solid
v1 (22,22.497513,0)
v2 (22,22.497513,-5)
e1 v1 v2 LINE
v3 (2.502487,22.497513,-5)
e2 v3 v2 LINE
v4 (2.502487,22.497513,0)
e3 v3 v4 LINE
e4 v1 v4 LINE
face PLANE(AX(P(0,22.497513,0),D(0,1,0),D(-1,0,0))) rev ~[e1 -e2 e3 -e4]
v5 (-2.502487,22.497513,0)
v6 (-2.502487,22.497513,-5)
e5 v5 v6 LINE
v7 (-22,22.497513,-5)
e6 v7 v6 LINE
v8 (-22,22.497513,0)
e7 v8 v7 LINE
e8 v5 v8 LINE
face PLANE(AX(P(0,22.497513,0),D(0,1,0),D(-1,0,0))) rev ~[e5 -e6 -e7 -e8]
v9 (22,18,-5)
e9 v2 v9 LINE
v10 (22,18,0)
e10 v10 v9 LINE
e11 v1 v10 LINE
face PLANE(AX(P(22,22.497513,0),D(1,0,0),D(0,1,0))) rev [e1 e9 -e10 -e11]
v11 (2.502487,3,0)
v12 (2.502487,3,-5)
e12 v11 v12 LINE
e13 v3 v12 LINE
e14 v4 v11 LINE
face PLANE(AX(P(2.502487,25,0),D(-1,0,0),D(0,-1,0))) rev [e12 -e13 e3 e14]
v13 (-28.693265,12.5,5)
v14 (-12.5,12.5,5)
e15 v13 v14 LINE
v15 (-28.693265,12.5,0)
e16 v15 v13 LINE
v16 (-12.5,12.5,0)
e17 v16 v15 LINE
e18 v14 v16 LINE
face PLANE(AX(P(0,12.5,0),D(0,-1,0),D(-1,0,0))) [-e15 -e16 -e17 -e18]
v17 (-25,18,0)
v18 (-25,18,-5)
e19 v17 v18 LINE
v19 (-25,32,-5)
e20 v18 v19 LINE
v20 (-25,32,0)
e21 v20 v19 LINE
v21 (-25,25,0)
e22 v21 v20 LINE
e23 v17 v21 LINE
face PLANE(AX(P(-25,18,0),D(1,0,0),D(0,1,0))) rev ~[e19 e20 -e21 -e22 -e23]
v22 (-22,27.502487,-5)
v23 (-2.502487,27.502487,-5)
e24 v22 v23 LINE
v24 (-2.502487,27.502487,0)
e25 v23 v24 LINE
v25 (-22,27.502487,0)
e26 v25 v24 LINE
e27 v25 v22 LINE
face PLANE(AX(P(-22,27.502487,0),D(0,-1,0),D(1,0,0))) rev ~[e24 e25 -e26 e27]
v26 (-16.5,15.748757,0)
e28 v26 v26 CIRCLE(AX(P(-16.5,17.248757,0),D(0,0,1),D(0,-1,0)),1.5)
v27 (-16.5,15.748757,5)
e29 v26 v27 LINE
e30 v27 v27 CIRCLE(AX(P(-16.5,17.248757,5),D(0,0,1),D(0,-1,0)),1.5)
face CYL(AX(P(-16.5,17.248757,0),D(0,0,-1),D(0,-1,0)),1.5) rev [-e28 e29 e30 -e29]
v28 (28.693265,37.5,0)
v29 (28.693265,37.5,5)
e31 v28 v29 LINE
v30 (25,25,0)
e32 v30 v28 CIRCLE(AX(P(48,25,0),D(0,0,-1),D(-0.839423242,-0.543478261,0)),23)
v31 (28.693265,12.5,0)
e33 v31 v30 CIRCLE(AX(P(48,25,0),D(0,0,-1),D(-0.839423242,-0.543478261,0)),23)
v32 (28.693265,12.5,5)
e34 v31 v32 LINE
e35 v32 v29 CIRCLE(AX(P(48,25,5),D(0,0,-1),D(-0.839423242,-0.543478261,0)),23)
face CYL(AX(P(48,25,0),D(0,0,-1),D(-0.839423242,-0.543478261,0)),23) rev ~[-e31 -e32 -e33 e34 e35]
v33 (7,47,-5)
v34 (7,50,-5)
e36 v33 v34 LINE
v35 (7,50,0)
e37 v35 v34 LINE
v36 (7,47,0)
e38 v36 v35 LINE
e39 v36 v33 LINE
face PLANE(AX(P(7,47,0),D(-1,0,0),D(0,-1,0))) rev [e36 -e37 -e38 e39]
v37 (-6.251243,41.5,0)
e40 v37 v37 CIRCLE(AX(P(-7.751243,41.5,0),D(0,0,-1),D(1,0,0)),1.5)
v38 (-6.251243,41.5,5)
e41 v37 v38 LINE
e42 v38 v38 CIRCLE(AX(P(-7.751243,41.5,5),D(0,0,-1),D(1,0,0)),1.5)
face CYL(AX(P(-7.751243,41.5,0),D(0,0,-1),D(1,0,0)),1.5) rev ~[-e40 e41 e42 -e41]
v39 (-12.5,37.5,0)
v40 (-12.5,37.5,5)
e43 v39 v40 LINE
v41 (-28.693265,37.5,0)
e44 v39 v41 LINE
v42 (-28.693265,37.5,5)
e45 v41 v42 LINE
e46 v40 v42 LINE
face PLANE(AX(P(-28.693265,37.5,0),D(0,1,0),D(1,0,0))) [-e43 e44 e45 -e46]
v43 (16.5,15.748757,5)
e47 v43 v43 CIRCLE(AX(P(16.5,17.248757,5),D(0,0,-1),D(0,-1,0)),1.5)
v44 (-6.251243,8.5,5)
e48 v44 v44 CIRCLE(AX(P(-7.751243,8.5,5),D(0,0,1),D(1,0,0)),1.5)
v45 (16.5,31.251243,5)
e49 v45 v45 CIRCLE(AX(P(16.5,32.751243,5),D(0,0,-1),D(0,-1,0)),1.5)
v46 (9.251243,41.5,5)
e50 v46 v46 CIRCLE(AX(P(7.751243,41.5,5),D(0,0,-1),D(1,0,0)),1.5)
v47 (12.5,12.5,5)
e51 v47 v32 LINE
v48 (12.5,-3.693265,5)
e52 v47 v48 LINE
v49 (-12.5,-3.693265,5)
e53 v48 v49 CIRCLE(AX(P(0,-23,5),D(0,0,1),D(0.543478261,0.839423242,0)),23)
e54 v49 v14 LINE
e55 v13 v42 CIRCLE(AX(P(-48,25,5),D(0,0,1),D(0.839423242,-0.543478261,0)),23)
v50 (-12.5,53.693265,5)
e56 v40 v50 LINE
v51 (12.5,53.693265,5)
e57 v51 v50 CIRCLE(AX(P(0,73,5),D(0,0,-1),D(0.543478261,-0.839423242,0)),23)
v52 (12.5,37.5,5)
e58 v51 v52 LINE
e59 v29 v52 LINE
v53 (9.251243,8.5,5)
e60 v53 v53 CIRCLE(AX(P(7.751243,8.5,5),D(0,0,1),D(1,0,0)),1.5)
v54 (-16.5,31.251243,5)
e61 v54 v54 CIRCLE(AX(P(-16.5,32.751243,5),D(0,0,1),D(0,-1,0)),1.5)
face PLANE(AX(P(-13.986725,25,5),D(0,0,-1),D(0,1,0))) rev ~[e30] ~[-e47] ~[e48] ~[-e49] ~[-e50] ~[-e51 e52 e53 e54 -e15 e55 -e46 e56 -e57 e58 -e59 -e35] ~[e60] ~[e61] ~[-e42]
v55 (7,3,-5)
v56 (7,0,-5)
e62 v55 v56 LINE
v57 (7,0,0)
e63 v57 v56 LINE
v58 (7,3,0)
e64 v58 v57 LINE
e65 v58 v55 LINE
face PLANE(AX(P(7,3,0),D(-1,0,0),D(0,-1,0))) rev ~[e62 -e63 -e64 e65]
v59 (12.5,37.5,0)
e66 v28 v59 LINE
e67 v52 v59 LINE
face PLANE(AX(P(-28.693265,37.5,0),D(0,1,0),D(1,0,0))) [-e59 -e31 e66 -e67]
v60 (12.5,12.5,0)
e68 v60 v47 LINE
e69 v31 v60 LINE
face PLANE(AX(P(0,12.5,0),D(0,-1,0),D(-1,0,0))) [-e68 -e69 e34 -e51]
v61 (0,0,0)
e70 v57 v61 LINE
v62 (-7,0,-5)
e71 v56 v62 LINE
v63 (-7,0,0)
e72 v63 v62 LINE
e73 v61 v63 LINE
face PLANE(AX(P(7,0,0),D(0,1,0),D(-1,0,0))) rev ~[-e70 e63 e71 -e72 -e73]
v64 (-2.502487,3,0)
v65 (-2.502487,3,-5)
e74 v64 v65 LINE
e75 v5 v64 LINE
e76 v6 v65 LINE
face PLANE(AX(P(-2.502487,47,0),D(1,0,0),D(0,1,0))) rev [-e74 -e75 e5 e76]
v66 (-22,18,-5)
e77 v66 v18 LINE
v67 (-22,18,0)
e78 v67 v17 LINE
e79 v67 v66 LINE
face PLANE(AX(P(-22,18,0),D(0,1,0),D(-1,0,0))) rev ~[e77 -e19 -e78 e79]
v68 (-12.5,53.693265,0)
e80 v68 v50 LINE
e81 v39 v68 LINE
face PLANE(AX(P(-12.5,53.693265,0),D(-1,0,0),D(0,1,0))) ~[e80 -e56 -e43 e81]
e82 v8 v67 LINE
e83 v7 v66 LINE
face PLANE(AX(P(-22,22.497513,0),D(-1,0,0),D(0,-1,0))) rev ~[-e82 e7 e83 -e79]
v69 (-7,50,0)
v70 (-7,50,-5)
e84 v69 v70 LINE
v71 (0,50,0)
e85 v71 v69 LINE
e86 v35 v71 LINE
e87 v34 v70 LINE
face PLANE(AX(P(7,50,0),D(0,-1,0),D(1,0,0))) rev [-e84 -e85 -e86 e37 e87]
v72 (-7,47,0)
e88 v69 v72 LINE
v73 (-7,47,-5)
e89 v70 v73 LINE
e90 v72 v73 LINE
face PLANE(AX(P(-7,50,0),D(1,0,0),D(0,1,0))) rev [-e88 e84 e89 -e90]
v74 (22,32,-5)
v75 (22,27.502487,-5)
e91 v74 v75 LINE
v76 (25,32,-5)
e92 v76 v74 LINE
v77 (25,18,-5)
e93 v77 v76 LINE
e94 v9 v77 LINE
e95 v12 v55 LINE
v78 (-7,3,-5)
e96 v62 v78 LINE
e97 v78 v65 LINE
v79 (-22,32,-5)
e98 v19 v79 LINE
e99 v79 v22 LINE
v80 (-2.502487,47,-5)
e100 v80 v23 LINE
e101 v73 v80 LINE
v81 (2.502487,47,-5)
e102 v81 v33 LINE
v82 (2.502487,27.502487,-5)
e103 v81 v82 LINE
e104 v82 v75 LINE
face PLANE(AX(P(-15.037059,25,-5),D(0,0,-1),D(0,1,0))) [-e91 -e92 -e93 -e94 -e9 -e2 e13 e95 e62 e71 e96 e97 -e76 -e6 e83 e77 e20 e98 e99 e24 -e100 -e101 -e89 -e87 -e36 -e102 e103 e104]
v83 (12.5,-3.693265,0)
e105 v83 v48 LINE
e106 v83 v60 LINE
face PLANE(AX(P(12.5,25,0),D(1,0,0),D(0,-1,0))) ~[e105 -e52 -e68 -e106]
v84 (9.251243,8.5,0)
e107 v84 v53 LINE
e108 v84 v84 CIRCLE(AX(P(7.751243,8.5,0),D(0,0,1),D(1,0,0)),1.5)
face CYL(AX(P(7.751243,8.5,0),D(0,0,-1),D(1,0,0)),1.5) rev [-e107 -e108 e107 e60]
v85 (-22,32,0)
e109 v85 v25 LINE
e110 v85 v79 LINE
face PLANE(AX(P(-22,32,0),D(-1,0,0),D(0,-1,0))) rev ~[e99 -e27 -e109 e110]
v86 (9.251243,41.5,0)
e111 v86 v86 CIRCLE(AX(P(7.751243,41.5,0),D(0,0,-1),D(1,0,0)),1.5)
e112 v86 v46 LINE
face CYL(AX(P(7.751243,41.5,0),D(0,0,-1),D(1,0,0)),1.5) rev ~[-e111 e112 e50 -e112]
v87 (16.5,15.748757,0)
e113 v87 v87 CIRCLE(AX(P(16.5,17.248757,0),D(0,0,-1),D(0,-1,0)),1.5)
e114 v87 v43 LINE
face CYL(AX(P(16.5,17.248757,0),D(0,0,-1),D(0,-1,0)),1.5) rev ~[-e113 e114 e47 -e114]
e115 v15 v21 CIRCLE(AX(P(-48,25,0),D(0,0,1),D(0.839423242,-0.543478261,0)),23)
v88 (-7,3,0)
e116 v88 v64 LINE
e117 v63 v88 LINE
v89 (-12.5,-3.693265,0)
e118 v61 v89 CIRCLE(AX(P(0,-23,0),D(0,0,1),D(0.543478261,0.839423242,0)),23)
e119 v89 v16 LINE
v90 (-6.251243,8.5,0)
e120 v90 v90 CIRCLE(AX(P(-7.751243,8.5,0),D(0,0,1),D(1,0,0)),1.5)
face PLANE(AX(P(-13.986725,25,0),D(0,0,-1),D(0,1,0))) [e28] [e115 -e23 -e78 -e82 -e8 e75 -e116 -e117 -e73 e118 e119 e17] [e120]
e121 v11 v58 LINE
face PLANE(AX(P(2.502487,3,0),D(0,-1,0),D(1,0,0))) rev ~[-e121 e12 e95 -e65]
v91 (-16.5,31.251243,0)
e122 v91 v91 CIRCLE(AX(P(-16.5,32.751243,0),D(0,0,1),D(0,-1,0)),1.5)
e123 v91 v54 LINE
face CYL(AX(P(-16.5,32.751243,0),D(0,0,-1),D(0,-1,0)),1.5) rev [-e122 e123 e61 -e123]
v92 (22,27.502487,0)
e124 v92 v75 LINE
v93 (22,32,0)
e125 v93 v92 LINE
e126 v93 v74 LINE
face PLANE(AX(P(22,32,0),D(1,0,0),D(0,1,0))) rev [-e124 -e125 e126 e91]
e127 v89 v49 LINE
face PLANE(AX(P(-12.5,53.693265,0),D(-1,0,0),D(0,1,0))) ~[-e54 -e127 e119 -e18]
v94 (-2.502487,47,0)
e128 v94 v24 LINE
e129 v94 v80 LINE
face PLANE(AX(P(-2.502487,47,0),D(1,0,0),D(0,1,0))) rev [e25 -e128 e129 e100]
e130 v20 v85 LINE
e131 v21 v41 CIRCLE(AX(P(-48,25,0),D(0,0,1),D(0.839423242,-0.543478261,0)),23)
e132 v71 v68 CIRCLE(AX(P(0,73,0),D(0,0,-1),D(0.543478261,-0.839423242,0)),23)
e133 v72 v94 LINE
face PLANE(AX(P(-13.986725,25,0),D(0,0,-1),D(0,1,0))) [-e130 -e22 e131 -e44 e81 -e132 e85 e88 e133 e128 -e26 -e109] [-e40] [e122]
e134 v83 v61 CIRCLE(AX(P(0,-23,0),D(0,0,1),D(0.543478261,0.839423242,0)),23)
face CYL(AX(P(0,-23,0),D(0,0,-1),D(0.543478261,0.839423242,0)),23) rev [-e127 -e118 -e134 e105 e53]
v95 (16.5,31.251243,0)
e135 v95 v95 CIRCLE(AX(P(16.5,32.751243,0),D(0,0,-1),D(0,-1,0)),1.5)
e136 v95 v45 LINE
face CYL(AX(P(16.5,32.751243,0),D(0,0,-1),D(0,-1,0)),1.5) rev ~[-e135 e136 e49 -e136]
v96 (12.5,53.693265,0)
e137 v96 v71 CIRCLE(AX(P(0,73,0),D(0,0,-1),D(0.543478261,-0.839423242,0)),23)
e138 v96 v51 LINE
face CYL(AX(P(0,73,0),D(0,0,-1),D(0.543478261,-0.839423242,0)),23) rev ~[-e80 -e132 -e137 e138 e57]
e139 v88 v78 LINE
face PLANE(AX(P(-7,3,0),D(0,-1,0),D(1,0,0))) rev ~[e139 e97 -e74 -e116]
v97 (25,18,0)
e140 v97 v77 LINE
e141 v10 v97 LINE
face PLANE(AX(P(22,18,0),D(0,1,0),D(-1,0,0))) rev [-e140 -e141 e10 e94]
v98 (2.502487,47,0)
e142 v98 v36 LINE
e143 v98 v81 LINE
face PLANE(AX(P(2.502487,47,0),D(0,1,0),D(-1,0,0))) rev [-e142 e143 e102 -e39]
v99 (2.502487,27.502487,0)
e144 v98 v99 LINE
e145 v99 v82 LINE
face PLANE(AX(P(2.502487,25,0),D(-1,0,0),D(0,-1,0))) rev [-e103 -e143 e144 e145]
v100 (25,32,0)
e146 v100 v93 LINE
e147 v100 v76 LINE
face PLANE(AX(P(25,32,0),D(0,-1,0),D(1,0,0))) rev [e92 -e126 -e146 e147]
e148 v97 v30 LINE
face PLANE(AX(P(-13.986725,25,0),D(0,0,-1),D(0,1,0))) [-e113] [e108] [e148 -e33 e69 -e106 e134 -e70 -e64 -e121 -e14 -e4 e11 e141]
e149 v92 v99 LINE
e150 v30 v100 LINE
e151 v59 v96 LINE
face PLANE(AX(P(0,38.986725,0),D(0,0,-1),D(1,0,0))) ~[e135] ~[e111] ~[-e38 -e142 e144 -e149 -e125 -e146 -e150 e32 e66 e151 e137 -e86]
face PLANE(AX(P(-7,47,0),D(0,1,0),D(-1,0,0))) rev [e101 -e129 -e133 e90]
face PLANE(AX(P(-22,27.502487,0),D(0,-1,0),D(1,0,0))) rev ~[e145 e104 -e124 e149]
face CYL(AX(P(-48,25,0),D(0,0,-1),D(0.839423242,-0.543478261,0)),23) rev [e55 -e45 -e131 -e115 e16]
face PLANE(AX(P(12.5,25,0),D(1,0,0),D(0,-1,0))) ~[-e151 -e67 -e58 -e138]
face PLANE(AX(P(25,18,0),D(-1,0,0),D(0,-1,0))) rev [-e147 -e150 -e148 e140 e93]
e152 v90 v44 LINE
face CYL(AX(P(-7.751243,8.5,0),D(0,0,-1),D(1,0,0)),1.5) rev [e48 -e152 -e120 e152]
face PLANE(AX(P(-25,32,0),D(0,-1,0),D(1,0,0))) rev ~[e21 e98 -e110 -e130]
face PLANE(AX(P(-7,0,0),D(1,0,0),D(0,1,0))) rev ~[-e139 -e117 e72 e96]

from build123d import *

# Parameters (mm, degrees)
SKETCH2_R           = 1.5
BOSS_EXTRUDE1_DEPTH = 5
BOSS_EXTRUDE2_DEPTH = 5


with BuildPart() as part:
    # Sketch2 → Boss-Extrude1 (new body)
    with BuildSketch(Plane.XY):
        with BuildLine():
            Line((-12.5, -3.693265424), (-12.5, 25))
            Line((-12.5, 25), (12.5, 25))
            Line((12.5, 25), (12.5, -3.693265424))
            ThreePointArc((12.5, -3.693265424), (0, 0), (-12.5, -3.693265424))
        make_face()
        with Locations((-7.751243347, 8.5)):
            Circle(SKETCH2_R, mode=Mode.SUBTRACT)
        with Locations((7.751243347, 8.5)):
            Circle(SKETCH2_R, mode=Mode.SUBTRACT)
    extrude(amount=BOSS_EXTRUDE1_DEPTH)

    # Sketch3 → Boss-Extrude2 (add)
    with BuildSketch(Plane(origin=(0, 0, 0), x_dir=(-1, 0, 0), z_dir=(0, 0, -1))):
        Polygon((2.502486694, 11.5), (2.502486694, 25), (-2.502486694, 25), (-2.502486694, 11.5), (-2.502486694, 3.5), (-2.502486694, 3), (-7, 3), (-7, 0.5), (-7, 0), (7, 0), (7, 0.5), (7, 3), (2.502486694, 3), (2.502486694, 3.5), align=None)
    extrude(amount=BOSS_EXTRUDE2_DEPTH)

    # Mirror1: part across plane


with BuildPart() as part_1:
    add(part.part)
    add(part.part.mirror(Plane(origin=(-12.5, 25, 5), x_dir=(0, 0, 1), z_dir=(0, -1, 0))))

    # Mirror2: part across plane


with BuildPart() as part_2:
    add(part_1.part)
    add(part_1.part.mirror(Plane(origin=(12.5, 12.5, 0), x_dir=(0, 0, 1), z_dir=(0.7071067811865488, 0.7071067811865464, 0))))


solid = part_2.part
